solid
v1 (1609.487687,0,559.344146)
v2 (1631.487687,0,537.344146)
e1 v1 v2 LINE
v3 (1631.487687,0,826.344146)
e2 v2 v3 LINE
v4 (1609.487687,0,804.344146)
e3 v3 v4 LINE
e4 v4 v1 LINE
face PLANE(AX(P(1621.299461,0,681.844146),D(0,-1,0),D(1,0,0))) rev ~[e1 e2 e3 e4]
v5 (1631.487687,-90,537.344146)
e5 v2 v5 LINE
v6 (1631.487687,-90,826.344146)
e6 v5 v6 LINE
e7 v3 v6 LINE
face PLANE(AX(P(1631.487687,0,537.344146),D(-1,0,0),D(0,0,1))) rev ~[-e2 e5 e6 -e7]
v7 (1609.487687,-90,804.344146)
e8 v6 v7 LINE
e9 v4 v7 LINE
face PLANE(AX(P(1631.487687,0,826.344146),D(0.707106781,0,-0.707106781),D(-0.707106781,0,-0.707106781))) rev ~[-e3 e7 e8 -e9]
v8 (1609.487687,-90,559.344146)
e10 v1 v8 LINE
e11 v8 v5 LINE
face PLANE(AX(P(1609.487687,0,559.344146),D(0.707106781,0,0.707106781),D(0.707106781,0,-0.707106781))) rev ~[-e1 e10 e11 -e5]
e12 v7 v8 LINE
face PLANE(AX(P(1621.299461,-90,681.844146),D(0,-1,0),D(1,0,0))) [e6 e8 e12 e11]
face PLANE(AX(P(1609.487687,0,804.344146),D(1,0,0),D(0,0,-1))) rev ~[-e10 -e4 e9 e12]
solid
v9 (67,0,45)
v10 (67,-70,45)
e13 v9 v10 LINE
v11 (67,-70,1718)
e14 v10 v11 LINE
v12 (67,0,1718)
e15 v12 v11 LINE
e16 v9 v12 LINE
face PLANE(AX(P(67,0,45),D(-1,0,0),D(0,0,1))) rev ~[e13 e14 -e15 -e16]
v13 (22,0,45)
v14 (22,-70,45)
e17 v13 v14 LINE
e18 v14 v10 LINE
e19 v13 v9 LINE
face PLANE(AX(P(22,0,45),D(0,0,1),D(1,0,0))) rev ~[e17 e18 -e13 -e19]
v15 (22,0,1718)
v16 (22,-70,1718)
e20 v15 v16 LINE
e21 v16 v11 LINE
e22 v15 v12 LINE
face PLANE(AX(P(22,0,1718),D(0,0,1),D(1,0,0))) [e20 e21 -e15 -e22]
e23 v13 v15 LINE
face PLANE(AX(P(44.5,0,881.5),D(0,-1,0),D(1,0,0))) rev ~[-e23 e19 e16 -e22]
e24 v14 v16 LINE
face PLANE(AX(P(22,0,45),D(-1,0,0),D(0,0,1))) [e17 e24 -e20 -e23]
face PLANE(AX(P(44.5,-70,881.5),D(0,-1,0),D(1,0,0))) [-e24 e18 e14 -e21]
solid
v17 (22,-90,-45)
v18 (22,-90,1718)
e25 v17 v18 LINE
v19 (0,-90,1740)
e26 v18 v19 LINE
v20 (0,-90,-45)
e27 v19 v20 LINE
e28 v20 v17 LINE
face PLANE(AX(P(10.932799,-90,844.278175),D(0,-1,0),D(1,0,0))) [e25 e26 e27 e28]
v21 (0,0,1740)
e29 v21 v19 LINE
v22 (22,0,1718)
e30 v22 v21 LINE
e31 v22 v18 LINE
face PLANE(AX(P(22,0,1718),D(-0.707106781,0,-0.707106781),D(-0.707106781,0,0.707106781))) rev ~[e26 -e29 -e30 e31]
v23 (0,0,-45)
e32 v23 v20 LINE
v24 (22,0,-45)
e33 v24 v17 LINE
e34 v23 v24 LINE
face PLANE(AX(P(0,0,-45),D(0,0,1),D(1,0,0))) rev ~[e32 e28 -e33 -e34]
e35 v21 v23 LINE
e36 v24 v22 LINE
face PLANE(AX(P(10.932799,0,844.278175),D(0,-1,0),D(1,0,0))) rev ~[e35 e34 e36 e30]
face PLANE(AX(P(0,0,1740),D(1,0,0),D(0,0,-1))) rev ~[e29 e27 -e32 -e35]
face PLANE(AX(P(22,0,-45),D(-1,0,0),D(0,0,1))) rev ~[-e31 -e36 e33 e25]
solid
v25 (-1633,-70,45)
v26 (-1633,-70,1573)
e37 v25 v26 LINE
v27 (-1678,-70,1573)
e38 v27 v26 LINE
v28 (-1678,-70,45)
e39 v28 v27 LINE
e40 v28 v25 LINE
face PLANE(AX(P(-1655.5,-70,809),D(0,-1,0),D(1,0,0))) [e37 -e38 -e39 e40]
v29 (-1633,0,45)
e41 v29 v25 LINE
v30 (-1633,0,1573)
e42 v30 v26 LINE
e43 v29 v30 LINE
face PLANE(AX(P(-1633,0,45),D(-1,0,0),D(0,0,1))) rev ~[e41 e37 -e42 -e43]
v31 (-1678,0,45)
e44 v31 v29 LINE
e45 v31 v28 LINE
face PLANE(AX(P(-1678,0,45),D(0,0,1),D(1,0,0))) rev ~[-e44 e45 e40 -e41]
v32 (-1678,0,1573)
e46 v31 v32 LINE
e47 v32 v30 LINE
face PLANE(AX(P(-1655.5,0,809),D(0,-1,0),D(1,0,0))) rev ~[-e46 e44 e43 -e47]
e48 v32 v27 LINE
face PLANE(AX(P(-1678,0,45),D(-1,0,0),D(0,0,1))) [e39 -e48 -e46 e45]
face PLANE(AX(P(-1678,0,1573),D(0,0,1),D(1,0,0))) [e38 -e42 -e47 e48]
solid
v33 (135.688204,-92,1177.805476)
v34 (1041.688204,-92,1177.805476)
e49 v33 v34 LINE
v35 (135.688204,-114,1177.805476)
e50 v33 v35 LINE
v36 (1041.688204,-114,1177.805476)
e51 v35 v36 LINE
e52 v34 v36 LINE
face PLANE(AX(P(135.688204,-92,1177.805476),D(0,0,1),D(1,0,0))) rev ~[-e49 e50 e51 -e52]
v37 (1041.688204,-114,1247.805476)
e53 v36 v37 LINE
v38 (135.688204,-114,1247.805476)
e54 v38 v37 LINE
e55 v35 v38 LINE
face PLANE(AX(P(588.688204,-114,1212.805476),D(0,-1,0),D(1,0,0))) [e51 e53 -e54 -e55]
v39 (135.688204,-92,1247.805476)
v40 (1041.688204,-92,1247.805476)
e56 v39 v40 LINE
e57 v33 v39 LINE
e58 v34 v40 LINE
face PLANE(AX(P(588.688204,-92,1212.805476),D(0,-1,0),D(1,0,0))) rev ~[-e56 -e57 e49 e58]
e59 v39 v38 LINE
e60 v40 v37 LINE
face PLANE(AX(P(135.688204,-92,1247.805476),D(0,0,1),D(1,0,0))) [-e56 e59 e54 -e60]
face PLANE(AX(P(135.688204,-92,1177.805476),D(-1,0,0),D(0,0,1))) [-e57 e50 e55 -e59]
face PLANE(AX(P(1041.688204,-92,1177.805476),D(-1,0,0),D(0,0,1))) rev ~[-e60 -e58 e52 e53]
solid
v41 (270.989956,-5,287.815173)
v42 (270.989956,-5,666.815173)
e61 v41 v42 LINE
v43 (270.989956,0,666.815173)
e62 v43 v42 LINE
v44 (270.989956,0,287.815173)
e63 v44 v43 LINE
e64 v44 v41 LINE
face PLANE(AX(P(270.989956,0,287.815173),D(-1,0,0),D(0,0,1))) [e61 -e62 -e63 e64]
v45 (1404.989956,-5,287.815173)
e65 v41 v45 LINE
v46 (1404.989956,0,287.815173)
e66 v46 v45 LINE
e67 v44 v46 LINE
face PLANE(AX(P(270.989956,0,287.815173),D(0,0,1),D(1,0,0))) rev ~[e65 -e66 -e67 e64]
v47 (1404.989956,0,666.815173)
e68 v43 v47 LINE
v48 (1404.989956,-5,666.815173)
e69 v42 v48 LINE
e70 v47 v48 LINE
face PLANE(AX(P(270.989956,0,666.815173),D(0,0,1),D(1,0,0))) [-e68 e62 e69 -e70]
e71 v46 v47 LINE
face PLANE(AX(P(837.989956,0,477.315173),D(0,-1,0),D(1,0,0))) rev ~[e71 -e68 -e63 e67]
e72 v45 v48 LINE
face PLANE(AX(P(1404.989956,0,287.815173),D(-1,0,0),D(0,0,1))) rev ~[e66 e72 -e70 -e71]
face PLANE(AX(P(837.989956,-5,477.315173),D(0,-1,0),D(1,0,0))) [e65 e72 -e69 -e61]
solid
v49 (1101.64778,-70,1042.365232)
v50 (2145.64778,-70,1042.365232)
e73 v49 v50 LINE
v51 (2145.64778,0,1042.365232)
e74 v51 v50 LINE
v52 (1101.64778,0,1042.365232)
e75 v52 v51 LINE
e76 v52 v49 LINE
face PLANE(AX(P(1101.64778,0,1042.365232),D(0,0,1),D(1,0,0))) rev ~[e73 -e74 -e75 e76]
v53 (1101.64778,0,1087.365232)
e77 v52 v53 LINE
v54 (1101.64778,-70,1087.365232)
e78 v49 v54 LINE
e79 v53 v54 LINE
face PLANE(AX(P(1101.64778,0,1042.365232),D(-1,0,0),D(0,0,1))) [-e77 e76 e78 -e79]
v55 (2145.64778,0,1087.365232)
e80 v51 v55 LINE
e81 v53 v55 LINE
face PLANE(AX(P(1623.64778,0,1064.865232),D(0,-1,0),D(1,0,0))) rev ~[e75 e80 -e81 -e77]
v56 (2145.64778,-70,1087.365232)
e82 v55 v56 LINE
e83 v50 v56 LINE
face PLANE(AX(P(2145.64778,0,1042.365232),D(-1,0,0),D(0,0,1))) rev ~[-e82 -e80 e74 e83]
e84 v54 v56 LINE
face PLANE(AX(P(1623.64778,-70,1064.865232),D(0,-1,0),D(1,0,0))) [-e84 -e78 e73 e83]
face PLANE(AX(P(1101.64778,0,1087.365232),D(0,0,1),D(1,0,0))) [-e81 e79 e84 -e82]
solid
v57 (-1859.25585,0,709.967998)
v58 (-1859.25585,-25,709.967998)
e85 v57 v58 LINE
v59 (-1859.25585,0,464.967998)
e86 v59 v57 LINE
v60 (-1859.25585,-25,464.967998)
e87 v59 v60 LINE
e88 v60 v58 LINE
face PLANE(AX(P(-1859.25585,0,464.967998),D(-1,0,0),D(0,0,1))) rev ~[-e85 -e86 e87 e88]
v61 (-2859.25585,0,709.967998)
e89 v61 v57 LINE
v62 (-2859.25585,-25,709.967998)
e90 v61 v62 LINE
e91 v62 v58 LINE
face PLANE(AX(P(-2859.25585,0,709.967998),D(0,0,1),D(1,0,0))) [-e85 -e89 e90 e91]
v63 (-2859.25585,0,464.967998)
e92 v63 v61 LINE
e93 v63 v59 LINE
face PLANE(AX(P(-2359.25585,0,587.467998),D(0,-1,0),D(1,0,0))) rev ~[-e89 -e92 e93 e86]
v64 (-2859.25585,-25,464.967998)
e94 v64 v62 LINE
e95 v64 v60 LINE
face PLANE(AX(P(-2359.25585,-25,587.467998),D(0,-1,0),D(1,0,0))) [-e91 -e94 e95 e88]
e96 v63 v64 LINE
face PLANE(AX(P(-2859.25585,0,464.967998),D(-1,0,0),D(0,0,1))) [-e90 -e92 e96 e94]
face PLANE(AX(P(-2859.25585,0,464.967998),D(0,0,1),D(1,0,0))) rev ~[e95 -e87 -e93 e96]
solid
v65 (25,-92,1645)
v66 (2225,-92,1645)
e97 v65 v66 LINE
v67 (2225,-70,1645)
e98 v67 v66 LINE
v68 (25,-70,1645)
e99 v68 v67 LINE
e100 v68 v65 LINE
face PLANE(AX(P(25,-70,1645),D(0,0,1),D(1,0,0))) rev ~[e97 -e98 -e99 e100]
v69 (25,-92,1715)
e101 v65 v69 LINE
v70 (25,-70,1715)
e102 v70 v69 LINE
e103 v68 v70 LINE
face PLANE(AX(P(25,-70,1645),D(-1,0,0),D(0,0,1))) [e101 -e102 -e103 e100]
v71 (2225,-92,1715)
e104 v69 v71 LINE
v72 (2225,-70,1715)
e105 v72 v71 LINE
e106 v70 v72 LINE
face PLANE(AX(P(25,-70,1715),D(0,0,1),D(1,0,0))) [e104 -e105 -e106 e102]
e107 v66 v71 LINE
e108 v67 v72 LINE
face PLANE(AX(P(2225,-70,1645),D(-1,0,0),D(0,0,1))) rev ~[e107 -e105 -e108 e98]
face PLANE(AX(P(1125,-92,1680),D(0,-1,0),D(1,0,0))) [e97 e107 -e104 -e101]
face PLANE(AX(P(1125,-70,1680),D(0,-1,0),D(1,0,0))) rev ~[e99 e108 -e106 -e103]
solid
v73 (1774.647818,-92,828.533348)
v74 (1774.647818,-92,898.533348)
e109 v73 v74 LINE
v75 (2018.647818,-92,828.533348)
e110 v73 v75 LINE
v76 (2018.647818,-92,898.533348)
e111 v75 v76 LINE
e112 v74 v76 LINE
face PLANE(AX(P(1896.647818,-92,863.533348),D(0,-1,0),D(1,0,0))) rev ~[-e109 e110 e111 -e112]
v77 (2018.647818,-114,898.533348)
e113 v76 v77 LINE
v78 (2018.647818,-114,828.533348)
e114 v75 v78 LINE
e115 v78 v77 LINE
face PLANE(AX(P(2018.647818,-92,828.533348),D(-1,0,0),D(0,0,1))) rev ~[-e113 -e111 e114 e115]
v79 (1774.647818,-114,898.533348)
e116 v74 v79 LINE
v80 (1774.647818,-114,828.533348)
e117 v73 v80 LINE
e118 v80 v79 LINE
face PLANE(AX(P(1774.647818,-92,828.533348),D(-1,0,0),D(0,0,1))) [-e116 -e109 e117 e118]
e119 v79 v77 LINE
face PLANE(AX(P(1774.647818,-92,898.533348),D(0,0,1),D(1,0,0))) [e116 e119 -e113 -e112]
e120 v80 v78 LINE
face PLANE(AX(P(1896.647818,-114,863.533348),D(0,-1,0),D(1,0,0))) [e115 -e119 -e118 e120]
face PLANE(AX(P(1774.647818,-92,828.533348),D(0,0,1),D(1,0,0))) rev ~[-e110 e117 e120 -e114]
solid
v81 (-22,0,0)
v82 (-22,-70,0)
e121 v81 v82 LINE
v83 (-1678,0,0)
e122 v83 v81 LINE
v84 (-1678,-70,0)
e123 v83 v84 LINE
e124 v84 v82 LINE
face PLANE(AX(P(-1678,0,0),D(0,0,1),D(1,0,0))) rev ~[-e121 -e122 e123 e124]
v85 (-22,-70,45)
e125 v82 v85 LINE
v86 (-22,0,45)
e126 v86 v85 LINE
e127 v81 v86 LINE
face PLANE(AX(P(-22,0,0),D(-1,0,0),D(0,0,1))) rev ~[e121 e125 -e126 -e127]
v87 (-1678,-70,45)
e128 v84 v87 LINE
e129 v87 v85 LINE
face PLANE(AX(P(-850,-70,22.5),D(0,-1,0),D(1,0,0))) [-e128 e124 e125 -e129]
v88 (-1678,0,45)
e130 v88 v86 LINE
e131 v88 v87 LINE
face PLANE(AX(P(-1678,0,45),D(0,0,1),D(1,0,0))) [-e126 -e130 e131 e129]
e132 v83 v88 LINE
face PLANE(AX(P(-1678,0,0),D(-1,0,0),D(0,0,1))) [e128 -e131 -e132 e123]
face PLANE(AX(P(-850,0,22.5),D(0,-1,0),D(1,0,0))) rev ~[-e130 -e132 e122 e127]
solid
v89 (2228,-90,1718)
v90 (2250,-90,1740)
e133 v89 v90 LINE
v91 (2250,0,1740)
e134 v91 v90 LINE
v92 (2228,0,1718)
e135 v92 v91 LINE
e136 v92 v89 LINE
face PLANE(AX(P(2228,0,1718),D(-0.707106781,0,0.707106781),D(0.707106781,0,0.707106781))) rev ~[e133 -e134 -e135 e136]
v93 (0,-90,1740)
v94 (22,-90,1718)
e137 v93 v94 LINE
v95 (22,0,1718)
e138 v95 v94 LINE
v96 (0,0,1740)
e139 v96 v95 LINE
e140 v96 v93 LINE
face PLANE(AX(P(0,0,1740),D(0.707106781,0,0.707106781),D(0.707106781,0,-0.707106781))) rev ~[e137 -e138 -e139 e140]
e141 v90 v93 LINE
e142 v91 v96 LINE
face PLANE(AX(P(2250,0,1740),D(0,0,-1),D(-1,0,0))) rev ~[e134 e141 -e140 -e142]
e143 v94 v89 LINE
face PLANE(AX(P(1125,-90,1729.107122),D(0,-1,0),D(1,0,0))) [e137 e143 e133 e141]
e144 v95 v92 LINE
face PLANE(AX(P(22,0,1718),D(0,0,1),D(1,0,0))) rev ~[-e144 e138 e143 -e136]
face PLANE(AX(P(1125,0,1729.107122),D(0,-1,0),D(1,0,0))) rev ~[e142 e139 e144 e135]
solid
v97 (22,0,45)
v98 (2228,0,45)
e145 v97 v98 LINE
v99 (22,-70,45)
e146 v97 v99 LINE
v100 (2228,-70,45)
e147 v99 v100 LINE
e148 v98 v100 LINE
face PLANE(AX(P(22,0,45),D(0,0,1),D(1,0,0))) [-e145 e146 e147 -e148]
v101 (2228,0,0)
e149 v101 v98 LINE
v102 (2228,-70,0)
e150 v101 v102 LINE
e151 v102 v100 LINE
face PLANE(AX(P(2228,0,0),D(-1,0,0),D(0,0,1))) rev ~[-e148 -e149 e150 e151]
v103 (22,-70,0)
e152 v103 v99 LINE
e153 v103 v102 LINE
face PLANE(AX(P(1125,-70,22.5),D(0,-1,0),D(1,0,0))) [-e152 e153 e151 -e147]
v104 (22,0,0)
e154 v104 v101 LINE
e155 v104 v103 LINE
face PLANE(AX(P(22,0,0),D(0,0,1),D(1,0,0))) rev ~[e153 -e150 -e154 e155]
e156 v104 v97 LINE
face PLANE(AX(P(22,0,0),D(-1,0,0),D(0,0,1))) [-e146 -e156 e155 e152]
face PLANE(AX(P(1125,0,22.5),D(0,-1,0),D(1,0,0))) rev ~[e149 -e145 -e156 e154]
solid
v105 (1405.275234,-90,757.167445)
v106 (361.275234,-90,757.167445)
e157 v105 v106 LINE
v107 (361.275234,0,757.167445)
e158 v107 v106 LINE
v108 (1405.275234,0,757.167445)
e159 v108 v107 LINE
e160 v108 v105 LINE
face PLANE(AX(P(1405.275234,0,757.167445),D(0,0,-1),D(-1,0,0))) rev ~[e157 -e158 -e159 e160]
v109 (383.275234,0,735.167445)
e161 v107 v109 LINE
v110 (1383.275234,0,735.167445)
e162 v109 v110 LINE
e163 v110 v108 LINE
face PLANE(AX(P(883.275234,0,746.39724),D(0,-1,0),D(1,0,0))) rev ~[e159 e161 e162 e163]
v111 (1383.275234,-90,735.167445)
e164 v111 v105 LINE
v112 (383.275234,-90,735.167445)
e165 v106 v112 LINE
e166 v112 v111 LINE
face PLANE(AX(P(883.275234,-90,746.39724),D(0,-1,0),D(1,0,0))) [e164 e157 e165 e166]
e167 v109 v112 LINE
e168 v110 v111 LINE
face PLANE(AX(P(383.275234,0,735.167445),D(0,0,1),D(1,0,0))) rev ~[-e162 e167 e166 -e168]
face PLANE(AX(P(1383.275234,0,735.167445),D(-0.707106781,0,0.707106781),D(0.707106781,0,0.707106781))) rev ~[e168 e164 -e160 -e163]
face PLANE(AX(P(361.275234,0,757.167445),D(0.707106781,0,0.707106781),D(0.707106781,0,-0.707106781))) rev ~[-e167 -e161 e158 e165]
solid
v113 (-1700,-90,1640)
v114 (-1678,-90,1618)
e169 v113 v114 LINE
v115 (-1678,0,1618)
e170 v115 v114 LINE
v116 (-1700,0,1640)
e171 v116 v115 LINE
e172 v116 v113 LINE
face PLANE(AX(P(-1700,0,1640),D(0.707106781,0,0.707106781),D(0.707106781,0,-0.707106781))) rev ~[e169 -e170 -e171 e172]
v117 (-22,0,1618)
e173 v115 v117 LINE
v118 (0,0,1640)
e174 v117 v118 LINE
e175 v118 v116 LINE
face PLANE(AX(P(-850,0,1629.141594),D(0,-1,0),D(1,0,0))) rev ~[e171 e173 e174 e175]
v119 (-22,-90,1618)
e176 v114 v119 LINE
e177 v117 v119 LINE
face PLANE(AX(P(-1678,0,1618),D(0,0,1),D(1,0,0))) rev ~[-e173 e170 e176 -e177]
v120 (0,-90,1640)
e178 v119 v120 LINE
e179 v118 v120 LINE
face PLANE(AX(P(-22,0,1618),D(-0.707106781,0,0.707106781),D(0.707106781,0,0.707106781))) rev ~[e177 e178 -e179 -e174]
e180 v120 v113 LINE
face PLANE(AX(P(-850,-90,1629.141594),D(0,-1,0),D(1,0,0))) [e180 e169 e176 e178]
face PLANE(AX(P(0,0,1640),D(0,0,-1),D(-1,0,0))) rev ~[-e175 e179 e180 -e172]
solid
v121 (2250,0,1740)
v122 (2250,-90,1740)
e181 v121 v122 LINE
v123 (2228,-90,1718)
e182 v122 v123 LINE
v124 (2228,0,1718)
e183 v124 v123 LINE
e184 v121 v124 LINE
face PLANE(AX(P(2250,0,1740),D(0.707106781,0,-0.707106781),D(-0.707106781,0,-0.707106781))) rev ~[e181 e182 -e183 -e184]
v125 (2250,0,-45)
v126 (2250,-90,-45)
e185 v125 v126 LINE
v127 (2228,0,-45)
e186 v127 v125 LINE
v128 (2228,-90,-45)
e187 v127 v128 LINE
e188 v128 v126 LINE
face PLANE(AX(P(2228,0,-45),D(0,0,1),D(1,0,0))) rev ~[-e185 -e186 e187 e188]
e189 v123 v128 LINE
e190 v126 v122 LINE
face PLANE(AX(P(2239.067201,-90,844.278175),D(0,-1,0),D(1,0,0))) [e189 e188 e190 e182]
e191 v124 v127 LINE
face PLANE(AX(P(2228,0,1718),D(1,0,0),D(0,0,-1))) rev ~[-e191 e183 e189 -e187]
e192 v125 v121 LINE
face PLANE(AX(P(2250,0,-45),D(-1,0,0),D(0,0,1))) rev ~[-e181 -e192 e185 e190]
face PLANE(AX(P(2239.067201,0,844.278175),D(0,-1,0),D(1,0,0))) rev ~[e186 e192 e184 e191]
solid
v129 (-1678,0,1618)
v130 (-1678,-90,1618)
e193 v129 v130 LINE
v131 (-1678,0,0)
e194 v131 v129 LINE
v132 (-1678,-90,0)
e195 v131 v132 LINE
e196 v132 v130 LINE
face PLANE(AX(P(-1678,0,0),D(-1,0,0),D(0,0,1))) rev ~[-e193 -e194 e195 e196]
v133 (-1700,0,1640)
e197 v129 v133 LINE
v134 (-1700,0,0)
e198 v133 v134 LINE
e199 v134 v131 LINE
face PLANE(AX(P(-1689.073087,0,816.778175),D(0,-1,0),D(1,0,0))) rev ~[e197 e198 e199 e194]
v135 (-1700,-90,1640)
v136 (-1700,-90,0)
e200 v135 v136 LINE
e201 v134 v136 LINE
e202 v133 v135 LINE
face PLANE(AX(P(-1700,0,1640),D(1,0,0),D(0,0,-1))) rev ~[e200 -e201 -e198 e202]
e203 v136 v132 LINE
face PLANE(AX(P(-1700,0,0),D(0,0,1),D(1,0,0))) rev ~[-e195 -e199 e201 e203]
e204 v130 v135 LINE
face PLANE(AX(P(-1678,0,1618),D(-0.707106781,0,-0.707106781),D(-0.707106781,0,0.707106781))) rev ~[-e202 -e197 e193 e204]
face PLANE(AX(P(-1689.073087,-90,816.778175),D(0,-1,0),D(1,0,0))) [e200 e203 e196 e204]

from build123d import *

# Parameters (mm, degrees)
F1_W      = 2206
F1_H      = 45
F2_DEPTH  = 70
F3_W      = 45
F3_H      = 1673
F4_DEPTH  = 70
F6_DEPTH  = 90
F8_DEPTH  = 90
F10_DEPTH = 90
F11_W     = 2200
F11_H     = 70
F12_DEPTH = 22
F13_W     = 1044
F13_H     = 45
F14_DEPTH = 70
F15_W     = 906
F15_H     = 70
F16_DEPTH = 22
F17_W     = 244
F17_H     = 70
F18_DEPTH = 22
F20_DEPTH = 90
F22_DEPTH = 90
F23_W     = 1134
F23_H     = 379
F24_DEPTH = 5
F25_W     = 1000
F25_H     = 245
F26_DEPTH = 25
F27_W     = 1656
F27_H     = 45
F28_DEPTH = 70
F29_W     = 45
F29_H     = 1528
F30_DEPTH = 70
F32_DEPTH = 90
F34_DEPTH = 90


with BuildPart() as f2:
    # F1 (on face) → F2 (new body)
    with BuildSketch(Plane.XZ):
        with Locations((1125, 22.5)):
            Rectangle(F1_W, F1_H)
    extrude(amount=F2_DEPTH)


with BuildPart() as f4:
    # F3 (on face) → F4 (new body)
    with BuildSketch(Plane.XZ):
        with Locations((44.5, 881.5)):
            Rectangle(F3_W, F3_H)
    extrude(amount=F4_DEPTH)


with BuildPart() as f6:
    # F5 (on face) → F6 (new body)
    with BuildSketch(Plane.XZ):
        Polygon((2250, 1740), (0, 1740), (22, 1718), (2228, 1718), align=None)
    extrude(amount=F6_DEPTH)


with BuildPart() as f8:
    # F7 (on face) → F8 (new body)
    with BuildSketch(Plane.XZ):
        Polygon((2250, -45), (2250, 1740), (2228, 1718), (2228, -45), align=None)
    extrude(amount=F8_DEPTH)


with BuildPart() as f10:
    # F9 (on face) → F10 (new body)
    with BuildSketch(Plane.XZ):
        Polygon((22, 1718), (0, 1740), (0, -45), (22, -45), align=None)
    extrude(amount=F10_DEPTH)


with BuildPart() as f12:
    # F11 (on face) → F12 (new body)
    with BuildSketch(Plane.XZ.offset(70)):
        with Locations((1125, 1680)):
            Rectangle(F11_W, F11_H)
    extrude(amount=F12_DEPTH)


with BuildPart() as f14:
    # F13 (on face) → F14 (new body)
    with BuildSketch(Plane.XZ):
        with Locations((1623.64778, 1064.865232)):
            Rectangle(F13_W, F13_H)
    extrude(amount=F14_DEPTH)


with BuildPart() as f16:
    # F15 (on face) → F16 (new body)
    with BuildSketch(Plane.XZ.offset(92)):
        with Locations((588.688204, 1212.805476)):
            Rectangle(F15_W, F15_H)
    extrude(amount=F16_DEPTH)


with BuildPart() as f18:
    # F17 (on face) → F18 (new body)
    with BuildSketch(Plane.XZ.offset(92)):
        with Locations((1896.647818, 863.533348)):
            Rectangle(F17_W, F17_H)
    extrude(amount=F18_DEPTH)


with BuildPart() as f20:
    # F19 (on face) → F20 (new body)
    with BuildSketch(Plane.XZ):
        Polygon((1631.487687, 537.344146), (1631.487687, 826.344146), (1609.487687, 804.344146), (1609.487687, 559.344146), align=None)
    extrude(amount=F20_DEPTH)


with BuildPart() as f22:
    # F21 (on face) → F22 (new body)
    with BuildSketch(Plane.XZ):
        Polygon((1405.275234, 757.167445), (361.275234, 757.167445), (383.275234, 735.167445), (1383.275234, 735.167445), align=None)
    extrude(amount=F22_DEPTH)


with BuildPart() as f24:
    # F23 (on face) → F24 (new body)
    with BuildSketch(Plane.XZ):
        with Locations((837.989956, 477.315173)):
            Rectangle(F23_W, F23_H)
    extrude(amount=F24_DEPTH)


with BuildPart() as f26:
    # F25 (on face) → F26 (new body)
    with BuildSketch(Plane.XZ):
        with Locations((-2359.25585, 587.467998)):
            Rectangle(F25_W, F25_H)
    extrude(amount=F26_DEPTH)


with BuildPart() as f28:
    # F27 (on face) → F28 (new body)
    with BuildSketch(Plane.XZ):
        with Locations((-850, 22.5)):
            Rectangle(F27_W, F27_H)
    extrude(amount=F28_DEPTH)


with BuildPart() as f30:
    # F29 (on face) → F30 (new body)
    with BuildSketch(Plane.XZ):
        with Locations((-1655.5, 809)):
            Rectangle(F29_W, F29_H)
    extrude(amount=F30_DEPTH)


with BuildPart() as f32:
    # F31 (on face) → F32 (new body)
    with BuildSketch(Plane.XZ):
        Polygon((-1678, 1618), (-1700, 1640), (-1700, 0), (-1678, 0), align=None)
    extrude(amount=F32_DEPTH)


with BuildPart() as f34:
    # F33 (on face) → F34 (new body)
    with BuildSketch(Plane.XZ):
        Polygon((0, 1640), (-1700, 1640), (-1678, 1618), (-22, 1618), align=None)
    extrude(amount=F34_DEPTH)


solid = Compound([f2.part, f4.part, f6.part, f8.part, f10.part, f12.part, f14.part, f16.part, f18.part, f20.part, f22.part, f24.part, f26.part, f28.part, f30.part, f32.part, f34.part])
